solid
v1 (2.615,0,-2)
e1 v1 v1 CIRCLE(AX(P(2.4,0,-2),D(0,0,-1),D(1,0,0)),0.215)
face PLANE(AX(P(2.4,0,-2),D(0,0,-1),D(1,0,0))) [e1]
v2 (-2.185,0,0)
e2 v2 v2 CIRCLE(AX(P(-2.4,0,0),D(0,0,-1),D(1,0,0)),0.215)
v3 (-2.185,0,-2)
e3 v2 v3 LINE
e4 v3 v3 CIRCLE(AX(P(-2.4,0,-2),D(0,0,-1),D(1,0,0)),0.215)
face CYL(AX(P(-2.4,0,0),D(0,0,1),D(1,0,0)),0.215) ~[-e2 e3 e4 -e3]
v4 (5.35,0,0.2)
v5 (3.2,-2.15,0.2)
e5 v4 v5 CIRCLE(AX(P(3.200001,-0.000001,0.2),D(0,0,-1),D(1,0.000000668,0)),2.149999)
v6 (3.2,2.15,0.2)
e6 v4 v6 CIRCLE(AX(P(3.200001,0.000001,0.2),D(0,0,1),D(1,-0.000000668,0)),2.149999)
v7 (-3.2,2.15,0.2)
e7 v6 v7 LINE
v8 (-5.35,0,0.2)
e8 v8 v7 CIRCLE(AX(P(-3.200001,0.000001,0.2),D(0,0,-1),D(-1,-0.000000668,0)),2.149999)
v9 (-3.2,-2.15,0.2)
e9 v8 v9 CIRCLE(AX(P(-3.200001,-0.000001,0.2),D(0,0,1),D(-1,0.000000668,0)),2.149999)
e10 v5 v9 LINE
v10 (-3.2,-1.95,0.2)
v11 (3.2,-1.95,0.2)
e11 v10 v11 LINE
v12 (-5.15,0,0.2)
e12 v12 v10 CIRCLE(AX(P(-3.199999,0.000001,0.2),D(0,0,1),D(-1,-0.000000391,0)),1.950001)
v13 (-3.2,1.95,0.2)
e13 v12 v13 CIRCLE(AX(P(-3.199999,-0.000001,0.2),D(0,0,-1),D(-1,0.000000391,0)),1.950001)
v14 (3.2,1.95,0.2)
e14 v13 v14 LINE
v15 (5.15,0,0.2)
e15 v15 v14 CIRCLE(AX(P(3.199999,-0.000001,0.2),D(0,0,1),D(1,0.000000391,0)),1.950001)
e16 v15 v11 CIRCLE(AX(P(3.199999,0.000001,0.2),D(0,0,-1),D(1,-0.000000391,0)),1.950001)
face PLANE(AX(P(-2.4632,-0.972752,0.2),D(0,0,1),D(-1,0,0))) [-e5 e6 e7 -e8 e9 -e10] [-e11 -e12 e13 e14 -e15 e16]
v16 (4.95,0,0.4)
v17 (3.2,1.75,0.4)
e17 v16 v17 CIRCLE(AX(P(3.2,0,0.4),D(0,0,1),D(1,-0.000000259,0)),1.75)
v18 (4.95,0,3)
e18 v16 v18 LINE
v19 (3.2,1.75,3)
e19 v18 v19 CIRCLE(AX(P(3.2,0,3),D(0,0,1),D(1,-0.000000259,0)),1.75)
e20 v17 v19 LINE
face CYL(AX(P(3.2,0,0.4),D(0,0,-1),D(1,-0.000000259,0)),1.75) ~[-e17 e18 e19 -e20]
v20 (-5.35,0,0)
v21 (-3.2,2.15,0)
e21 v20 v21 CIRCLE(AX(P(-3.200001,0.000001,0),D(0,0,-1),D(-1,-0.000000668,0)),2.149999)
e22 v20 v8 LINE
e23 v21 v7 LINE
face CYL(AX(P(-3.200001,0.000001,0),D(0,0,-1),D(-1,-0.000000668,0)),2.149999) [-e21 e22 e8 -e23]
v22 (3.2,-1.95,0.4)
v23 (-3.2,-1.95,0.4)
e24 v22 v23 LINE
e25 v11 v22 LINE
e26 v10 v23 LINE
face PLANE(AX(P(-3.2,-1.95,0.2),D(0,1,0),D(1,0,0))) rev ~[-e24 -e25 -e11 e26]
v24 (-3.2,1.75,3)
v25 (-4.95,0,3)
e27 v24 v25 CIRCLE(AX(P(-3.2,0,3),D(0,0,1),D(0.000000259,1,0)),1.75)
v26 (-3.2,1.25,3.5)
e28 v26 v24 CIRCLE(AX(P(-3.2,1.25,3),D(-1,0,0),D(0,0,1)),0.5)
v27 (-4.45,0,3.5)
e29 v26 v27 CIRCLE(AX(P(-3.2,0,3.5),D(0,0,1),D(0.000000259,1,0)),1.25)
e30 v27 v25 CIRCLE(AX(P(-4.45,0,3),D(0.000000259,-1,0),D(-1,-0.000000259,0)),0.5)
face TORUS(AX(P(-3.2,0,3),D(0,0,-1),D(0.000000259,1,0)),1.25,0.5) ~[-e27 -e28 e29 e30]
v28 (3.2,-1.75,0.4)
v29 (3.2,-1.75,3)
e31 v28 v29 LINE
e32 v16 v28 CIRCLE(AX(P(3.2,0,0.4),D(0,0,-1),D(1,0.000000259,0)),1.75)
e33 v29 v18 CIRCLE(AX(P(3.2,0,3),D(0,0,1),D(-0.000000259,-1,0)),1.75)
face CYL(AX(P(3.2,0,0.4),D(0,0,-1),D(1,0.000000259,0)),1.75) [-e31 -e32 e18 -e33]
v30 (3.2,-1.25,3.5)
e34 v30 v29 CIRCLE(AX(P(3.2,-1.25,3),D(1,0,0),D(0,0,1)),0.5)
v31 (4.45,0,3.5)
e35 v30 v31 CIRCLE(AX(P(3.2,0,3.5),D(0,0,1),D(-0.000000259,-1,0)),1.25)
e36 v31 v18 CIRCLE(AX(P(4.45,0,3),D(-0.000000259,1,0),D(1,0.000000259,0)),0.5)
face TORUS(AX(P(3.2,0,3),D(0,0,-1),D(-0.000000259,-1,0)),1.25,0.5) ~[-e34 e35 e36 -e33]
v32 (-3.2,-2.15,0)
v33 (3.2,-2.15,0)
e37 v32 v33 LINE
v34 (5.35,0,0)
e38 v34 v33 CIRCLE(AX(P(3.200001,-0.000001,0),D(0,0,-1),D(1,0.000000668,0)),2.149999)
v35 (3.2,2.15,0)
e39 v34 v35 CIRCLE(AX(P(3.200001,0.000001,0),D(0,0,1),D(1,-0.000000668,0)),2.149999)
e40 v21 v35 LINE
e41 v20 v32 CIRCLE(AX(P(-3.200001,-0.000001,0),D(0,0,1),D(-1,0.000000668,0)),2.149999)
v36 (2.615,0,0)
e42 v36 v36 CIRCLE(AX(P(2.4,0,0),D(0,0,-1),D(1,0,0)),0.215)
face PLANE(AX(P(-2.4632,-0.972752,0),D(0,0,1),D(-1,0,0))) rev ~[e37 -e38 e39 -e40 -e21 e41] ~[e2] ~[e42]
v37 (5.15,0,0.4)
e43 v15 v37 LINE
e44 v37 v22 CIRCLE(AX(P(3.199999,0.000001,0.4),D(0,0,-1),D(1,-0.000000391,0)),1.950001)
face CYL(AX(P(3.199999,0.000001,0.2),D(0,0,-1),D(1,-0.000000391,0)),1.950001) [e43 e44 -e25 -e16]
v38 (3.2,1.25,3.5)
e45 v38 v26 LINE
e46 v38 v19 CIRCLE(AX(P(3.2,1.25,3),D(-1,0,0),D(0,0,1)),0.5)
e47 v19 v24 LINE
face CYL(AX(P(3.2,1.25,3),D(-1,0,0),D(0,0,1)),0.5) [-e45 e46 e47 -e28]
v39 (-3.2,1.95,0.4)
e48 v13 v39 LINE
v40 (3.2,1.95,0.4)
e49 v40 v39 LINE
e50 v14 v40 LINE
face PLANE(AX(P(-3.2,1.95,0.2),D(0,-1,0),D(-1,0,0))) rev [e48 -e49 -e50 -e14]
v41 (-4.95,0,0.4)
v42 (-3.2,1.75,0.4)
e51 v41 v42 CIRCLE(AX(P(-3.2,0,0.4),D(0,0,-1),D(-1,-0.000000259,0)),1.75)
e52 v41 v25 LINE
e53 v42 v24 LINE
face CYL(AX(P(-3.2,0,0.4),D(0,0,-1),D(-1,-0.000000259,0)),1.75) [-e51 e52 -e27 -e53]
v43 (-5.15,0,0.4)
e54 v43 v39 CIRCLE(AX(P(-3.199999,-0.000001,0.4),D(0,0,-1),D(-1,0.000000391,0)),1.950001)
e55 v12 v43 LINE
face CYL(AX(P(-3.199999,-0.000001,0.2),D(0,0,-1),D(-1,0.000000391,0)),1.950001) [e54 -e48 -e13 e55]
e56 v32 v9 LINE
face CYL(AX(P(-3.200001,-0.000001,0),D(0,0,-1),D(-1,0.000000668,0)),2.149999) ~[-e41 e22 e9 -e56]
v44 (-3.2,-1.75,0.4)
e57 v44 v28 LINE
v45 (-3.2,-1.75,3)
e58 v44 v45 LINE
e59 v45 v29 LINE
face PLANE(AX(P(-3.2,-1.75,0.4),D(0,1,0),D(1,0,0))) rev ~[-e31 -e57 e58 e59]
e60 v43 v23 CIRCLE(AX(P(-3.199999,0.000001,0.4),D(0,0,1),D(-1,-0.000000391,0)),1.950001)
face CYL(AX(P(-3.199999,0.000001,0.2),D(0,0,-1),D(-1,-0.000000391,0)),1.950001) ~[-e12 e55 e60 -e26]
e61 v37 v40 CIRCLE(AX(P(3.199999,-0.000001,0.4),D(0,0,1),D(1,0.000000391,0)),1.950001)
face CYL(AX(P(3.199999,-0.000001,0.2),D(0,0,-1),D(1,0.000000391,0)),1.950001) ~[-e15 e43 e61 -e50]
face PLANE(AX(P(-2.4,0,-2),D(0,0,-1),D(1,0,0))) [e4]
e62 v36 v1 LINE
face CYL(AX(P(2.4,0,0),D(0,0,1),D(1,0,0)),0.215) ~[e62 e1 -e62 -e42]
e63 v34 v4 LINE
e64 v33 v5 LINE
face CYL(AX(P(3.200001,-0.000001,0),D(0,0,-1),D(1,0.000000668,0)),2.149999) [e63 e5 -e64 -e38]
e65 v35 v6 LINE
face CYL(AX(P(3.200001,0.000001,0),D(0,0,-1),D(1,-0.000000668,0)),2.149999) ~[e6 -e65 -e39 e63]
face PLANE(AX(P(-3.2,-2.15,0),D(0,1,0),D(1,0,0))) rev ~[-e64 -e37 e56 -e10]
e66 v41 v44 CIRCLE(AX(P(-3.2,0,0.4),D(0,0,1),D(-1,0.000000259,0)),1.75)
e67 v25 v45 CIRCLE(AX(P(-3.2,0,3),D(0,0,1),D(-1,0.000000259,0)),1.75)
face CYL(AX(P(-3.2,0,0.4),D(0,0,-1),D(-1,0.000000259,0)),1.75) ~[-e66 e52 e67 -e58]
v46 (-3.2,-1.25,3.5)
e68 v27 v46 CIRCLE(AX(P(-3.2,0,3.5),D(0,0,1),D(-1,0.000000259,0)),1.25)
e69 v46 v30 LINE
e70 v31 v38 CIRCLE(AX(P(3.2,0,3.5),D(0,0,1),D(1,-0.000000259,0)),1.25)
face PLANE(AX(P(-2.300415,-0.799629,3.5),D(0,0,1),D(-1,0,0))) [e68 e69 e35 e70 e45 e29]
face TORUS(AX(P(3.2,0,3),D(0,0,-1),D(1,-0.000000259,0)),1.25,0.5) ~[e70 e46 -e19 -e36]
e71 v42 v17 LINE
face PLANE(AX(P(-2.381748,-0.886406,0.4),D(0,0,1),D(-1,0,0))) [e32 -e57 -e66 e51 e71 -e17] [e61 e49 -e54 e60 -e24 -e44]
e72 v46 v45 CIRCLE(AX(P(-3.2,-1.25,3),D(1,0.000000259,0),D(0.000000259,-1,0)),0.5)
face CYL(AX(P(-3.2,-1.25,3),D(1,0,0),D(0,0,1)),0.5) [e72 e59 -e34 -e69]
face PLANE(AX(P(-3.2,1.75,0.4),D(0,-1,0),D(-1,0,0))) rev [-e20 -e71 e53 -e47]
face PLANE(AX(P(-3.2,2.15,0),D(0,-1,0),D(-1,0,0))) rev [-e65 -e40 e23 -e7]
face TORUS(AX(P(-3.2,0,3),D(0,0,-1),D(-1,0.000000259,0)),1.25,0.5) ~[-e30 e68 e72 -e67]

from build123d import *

# Parameters (mm, degrees)
F1_DEPTH  = 0.2
F3_DEPTH  = 0.2
F5_DEPTH  = 3.1
F8_R      = 0.5
F9_R      = 0.215
F10_DEPTH = 2


with BuildPart() as f1:
    # F0 (on Top) → F1 (new body)
    with BuildSketch(Plane.XY):
        with BuildLine():
            Line((0, 2.15), (0, 0))
            Line((0, 0), (5.35, 0))
            ThreePointArc((5.35, 0), (4.72028, 1.52028), (3.2, 2.15))
            Line((3.2, 2.15), (0, 2.15))
        make_face()
    extrude(amount=F1_DEPTH)

    # F2 (on face) → F3 (join)
    with BuildSketch(Plane.XY.offset(0.2)):
        with BuildLine():
            Line((0, 0), (5.15, 0))
            ThreePointArc((5.15, 0), (4.578858, 1.378858), (3.2, 1.95))
            Line((3.2, 1.95), (0, 1.95))
            Line((0, 1.95), (0, 0))
        make_face()
    extrude(amount=F3_DEPTH)

    # F4 (on face) → F5 (join)
    with BuildSketch(Plane.XY.offset(0.4)):
        with BuildLine():
            Line((0, 0), (4.95, 0))
            ThreePointArc((4.95, 0), (4.437437, 1.237437), (3.2, 1.75))
            Line((3.2, 1.75), (0, 1.75))
            Line((0, 1.75), (0, 0))
        make_face()
    extrude(amount=F5_DEPTH)

    # F6: F1 across face


with BuildPart() as f1_1:
    add(f1.part)
    add(f1.part.mirror(Plane(origin=(0, 0.895016, 1.719576), x_dir=(0, -1, 0), z_dir=(-1, 0, 0))))

    # F7: F1 across face


with BuildPart() as f1_2:
    add(f1_1.part)
    add(f1_1.part.mirror(Plane(origin=(0, 0, 1.739109), x_dir=(1, 0, 0), z_dir=(0, -1, 0))))

    # F8
    f8_edges = [f1_2.edges().sort_by_distance(p)[0] for p in [
        (0, 1.75, 3.5),
        (-4.95, 0, 3.5),
        (0, -1.75, 3.5),
        (4.95, 0, 3.5),
    ]]
    fillet(f8_edges, radius=F8_R)

    # F9 (on face) → F10 (join)
    with BuildSketch(Plane(origin=(0, 0, 0), x_dir=(1, 0, 0), z_dir=(0, 0, -1))):
        with Locations((2.4, 0)):
            Circle(F9_R)
        with Locations((-2.4, 0)):
            Circle(F9_R)
    extrude(amount=F10_DEPTH)


solid = f1_2.part
